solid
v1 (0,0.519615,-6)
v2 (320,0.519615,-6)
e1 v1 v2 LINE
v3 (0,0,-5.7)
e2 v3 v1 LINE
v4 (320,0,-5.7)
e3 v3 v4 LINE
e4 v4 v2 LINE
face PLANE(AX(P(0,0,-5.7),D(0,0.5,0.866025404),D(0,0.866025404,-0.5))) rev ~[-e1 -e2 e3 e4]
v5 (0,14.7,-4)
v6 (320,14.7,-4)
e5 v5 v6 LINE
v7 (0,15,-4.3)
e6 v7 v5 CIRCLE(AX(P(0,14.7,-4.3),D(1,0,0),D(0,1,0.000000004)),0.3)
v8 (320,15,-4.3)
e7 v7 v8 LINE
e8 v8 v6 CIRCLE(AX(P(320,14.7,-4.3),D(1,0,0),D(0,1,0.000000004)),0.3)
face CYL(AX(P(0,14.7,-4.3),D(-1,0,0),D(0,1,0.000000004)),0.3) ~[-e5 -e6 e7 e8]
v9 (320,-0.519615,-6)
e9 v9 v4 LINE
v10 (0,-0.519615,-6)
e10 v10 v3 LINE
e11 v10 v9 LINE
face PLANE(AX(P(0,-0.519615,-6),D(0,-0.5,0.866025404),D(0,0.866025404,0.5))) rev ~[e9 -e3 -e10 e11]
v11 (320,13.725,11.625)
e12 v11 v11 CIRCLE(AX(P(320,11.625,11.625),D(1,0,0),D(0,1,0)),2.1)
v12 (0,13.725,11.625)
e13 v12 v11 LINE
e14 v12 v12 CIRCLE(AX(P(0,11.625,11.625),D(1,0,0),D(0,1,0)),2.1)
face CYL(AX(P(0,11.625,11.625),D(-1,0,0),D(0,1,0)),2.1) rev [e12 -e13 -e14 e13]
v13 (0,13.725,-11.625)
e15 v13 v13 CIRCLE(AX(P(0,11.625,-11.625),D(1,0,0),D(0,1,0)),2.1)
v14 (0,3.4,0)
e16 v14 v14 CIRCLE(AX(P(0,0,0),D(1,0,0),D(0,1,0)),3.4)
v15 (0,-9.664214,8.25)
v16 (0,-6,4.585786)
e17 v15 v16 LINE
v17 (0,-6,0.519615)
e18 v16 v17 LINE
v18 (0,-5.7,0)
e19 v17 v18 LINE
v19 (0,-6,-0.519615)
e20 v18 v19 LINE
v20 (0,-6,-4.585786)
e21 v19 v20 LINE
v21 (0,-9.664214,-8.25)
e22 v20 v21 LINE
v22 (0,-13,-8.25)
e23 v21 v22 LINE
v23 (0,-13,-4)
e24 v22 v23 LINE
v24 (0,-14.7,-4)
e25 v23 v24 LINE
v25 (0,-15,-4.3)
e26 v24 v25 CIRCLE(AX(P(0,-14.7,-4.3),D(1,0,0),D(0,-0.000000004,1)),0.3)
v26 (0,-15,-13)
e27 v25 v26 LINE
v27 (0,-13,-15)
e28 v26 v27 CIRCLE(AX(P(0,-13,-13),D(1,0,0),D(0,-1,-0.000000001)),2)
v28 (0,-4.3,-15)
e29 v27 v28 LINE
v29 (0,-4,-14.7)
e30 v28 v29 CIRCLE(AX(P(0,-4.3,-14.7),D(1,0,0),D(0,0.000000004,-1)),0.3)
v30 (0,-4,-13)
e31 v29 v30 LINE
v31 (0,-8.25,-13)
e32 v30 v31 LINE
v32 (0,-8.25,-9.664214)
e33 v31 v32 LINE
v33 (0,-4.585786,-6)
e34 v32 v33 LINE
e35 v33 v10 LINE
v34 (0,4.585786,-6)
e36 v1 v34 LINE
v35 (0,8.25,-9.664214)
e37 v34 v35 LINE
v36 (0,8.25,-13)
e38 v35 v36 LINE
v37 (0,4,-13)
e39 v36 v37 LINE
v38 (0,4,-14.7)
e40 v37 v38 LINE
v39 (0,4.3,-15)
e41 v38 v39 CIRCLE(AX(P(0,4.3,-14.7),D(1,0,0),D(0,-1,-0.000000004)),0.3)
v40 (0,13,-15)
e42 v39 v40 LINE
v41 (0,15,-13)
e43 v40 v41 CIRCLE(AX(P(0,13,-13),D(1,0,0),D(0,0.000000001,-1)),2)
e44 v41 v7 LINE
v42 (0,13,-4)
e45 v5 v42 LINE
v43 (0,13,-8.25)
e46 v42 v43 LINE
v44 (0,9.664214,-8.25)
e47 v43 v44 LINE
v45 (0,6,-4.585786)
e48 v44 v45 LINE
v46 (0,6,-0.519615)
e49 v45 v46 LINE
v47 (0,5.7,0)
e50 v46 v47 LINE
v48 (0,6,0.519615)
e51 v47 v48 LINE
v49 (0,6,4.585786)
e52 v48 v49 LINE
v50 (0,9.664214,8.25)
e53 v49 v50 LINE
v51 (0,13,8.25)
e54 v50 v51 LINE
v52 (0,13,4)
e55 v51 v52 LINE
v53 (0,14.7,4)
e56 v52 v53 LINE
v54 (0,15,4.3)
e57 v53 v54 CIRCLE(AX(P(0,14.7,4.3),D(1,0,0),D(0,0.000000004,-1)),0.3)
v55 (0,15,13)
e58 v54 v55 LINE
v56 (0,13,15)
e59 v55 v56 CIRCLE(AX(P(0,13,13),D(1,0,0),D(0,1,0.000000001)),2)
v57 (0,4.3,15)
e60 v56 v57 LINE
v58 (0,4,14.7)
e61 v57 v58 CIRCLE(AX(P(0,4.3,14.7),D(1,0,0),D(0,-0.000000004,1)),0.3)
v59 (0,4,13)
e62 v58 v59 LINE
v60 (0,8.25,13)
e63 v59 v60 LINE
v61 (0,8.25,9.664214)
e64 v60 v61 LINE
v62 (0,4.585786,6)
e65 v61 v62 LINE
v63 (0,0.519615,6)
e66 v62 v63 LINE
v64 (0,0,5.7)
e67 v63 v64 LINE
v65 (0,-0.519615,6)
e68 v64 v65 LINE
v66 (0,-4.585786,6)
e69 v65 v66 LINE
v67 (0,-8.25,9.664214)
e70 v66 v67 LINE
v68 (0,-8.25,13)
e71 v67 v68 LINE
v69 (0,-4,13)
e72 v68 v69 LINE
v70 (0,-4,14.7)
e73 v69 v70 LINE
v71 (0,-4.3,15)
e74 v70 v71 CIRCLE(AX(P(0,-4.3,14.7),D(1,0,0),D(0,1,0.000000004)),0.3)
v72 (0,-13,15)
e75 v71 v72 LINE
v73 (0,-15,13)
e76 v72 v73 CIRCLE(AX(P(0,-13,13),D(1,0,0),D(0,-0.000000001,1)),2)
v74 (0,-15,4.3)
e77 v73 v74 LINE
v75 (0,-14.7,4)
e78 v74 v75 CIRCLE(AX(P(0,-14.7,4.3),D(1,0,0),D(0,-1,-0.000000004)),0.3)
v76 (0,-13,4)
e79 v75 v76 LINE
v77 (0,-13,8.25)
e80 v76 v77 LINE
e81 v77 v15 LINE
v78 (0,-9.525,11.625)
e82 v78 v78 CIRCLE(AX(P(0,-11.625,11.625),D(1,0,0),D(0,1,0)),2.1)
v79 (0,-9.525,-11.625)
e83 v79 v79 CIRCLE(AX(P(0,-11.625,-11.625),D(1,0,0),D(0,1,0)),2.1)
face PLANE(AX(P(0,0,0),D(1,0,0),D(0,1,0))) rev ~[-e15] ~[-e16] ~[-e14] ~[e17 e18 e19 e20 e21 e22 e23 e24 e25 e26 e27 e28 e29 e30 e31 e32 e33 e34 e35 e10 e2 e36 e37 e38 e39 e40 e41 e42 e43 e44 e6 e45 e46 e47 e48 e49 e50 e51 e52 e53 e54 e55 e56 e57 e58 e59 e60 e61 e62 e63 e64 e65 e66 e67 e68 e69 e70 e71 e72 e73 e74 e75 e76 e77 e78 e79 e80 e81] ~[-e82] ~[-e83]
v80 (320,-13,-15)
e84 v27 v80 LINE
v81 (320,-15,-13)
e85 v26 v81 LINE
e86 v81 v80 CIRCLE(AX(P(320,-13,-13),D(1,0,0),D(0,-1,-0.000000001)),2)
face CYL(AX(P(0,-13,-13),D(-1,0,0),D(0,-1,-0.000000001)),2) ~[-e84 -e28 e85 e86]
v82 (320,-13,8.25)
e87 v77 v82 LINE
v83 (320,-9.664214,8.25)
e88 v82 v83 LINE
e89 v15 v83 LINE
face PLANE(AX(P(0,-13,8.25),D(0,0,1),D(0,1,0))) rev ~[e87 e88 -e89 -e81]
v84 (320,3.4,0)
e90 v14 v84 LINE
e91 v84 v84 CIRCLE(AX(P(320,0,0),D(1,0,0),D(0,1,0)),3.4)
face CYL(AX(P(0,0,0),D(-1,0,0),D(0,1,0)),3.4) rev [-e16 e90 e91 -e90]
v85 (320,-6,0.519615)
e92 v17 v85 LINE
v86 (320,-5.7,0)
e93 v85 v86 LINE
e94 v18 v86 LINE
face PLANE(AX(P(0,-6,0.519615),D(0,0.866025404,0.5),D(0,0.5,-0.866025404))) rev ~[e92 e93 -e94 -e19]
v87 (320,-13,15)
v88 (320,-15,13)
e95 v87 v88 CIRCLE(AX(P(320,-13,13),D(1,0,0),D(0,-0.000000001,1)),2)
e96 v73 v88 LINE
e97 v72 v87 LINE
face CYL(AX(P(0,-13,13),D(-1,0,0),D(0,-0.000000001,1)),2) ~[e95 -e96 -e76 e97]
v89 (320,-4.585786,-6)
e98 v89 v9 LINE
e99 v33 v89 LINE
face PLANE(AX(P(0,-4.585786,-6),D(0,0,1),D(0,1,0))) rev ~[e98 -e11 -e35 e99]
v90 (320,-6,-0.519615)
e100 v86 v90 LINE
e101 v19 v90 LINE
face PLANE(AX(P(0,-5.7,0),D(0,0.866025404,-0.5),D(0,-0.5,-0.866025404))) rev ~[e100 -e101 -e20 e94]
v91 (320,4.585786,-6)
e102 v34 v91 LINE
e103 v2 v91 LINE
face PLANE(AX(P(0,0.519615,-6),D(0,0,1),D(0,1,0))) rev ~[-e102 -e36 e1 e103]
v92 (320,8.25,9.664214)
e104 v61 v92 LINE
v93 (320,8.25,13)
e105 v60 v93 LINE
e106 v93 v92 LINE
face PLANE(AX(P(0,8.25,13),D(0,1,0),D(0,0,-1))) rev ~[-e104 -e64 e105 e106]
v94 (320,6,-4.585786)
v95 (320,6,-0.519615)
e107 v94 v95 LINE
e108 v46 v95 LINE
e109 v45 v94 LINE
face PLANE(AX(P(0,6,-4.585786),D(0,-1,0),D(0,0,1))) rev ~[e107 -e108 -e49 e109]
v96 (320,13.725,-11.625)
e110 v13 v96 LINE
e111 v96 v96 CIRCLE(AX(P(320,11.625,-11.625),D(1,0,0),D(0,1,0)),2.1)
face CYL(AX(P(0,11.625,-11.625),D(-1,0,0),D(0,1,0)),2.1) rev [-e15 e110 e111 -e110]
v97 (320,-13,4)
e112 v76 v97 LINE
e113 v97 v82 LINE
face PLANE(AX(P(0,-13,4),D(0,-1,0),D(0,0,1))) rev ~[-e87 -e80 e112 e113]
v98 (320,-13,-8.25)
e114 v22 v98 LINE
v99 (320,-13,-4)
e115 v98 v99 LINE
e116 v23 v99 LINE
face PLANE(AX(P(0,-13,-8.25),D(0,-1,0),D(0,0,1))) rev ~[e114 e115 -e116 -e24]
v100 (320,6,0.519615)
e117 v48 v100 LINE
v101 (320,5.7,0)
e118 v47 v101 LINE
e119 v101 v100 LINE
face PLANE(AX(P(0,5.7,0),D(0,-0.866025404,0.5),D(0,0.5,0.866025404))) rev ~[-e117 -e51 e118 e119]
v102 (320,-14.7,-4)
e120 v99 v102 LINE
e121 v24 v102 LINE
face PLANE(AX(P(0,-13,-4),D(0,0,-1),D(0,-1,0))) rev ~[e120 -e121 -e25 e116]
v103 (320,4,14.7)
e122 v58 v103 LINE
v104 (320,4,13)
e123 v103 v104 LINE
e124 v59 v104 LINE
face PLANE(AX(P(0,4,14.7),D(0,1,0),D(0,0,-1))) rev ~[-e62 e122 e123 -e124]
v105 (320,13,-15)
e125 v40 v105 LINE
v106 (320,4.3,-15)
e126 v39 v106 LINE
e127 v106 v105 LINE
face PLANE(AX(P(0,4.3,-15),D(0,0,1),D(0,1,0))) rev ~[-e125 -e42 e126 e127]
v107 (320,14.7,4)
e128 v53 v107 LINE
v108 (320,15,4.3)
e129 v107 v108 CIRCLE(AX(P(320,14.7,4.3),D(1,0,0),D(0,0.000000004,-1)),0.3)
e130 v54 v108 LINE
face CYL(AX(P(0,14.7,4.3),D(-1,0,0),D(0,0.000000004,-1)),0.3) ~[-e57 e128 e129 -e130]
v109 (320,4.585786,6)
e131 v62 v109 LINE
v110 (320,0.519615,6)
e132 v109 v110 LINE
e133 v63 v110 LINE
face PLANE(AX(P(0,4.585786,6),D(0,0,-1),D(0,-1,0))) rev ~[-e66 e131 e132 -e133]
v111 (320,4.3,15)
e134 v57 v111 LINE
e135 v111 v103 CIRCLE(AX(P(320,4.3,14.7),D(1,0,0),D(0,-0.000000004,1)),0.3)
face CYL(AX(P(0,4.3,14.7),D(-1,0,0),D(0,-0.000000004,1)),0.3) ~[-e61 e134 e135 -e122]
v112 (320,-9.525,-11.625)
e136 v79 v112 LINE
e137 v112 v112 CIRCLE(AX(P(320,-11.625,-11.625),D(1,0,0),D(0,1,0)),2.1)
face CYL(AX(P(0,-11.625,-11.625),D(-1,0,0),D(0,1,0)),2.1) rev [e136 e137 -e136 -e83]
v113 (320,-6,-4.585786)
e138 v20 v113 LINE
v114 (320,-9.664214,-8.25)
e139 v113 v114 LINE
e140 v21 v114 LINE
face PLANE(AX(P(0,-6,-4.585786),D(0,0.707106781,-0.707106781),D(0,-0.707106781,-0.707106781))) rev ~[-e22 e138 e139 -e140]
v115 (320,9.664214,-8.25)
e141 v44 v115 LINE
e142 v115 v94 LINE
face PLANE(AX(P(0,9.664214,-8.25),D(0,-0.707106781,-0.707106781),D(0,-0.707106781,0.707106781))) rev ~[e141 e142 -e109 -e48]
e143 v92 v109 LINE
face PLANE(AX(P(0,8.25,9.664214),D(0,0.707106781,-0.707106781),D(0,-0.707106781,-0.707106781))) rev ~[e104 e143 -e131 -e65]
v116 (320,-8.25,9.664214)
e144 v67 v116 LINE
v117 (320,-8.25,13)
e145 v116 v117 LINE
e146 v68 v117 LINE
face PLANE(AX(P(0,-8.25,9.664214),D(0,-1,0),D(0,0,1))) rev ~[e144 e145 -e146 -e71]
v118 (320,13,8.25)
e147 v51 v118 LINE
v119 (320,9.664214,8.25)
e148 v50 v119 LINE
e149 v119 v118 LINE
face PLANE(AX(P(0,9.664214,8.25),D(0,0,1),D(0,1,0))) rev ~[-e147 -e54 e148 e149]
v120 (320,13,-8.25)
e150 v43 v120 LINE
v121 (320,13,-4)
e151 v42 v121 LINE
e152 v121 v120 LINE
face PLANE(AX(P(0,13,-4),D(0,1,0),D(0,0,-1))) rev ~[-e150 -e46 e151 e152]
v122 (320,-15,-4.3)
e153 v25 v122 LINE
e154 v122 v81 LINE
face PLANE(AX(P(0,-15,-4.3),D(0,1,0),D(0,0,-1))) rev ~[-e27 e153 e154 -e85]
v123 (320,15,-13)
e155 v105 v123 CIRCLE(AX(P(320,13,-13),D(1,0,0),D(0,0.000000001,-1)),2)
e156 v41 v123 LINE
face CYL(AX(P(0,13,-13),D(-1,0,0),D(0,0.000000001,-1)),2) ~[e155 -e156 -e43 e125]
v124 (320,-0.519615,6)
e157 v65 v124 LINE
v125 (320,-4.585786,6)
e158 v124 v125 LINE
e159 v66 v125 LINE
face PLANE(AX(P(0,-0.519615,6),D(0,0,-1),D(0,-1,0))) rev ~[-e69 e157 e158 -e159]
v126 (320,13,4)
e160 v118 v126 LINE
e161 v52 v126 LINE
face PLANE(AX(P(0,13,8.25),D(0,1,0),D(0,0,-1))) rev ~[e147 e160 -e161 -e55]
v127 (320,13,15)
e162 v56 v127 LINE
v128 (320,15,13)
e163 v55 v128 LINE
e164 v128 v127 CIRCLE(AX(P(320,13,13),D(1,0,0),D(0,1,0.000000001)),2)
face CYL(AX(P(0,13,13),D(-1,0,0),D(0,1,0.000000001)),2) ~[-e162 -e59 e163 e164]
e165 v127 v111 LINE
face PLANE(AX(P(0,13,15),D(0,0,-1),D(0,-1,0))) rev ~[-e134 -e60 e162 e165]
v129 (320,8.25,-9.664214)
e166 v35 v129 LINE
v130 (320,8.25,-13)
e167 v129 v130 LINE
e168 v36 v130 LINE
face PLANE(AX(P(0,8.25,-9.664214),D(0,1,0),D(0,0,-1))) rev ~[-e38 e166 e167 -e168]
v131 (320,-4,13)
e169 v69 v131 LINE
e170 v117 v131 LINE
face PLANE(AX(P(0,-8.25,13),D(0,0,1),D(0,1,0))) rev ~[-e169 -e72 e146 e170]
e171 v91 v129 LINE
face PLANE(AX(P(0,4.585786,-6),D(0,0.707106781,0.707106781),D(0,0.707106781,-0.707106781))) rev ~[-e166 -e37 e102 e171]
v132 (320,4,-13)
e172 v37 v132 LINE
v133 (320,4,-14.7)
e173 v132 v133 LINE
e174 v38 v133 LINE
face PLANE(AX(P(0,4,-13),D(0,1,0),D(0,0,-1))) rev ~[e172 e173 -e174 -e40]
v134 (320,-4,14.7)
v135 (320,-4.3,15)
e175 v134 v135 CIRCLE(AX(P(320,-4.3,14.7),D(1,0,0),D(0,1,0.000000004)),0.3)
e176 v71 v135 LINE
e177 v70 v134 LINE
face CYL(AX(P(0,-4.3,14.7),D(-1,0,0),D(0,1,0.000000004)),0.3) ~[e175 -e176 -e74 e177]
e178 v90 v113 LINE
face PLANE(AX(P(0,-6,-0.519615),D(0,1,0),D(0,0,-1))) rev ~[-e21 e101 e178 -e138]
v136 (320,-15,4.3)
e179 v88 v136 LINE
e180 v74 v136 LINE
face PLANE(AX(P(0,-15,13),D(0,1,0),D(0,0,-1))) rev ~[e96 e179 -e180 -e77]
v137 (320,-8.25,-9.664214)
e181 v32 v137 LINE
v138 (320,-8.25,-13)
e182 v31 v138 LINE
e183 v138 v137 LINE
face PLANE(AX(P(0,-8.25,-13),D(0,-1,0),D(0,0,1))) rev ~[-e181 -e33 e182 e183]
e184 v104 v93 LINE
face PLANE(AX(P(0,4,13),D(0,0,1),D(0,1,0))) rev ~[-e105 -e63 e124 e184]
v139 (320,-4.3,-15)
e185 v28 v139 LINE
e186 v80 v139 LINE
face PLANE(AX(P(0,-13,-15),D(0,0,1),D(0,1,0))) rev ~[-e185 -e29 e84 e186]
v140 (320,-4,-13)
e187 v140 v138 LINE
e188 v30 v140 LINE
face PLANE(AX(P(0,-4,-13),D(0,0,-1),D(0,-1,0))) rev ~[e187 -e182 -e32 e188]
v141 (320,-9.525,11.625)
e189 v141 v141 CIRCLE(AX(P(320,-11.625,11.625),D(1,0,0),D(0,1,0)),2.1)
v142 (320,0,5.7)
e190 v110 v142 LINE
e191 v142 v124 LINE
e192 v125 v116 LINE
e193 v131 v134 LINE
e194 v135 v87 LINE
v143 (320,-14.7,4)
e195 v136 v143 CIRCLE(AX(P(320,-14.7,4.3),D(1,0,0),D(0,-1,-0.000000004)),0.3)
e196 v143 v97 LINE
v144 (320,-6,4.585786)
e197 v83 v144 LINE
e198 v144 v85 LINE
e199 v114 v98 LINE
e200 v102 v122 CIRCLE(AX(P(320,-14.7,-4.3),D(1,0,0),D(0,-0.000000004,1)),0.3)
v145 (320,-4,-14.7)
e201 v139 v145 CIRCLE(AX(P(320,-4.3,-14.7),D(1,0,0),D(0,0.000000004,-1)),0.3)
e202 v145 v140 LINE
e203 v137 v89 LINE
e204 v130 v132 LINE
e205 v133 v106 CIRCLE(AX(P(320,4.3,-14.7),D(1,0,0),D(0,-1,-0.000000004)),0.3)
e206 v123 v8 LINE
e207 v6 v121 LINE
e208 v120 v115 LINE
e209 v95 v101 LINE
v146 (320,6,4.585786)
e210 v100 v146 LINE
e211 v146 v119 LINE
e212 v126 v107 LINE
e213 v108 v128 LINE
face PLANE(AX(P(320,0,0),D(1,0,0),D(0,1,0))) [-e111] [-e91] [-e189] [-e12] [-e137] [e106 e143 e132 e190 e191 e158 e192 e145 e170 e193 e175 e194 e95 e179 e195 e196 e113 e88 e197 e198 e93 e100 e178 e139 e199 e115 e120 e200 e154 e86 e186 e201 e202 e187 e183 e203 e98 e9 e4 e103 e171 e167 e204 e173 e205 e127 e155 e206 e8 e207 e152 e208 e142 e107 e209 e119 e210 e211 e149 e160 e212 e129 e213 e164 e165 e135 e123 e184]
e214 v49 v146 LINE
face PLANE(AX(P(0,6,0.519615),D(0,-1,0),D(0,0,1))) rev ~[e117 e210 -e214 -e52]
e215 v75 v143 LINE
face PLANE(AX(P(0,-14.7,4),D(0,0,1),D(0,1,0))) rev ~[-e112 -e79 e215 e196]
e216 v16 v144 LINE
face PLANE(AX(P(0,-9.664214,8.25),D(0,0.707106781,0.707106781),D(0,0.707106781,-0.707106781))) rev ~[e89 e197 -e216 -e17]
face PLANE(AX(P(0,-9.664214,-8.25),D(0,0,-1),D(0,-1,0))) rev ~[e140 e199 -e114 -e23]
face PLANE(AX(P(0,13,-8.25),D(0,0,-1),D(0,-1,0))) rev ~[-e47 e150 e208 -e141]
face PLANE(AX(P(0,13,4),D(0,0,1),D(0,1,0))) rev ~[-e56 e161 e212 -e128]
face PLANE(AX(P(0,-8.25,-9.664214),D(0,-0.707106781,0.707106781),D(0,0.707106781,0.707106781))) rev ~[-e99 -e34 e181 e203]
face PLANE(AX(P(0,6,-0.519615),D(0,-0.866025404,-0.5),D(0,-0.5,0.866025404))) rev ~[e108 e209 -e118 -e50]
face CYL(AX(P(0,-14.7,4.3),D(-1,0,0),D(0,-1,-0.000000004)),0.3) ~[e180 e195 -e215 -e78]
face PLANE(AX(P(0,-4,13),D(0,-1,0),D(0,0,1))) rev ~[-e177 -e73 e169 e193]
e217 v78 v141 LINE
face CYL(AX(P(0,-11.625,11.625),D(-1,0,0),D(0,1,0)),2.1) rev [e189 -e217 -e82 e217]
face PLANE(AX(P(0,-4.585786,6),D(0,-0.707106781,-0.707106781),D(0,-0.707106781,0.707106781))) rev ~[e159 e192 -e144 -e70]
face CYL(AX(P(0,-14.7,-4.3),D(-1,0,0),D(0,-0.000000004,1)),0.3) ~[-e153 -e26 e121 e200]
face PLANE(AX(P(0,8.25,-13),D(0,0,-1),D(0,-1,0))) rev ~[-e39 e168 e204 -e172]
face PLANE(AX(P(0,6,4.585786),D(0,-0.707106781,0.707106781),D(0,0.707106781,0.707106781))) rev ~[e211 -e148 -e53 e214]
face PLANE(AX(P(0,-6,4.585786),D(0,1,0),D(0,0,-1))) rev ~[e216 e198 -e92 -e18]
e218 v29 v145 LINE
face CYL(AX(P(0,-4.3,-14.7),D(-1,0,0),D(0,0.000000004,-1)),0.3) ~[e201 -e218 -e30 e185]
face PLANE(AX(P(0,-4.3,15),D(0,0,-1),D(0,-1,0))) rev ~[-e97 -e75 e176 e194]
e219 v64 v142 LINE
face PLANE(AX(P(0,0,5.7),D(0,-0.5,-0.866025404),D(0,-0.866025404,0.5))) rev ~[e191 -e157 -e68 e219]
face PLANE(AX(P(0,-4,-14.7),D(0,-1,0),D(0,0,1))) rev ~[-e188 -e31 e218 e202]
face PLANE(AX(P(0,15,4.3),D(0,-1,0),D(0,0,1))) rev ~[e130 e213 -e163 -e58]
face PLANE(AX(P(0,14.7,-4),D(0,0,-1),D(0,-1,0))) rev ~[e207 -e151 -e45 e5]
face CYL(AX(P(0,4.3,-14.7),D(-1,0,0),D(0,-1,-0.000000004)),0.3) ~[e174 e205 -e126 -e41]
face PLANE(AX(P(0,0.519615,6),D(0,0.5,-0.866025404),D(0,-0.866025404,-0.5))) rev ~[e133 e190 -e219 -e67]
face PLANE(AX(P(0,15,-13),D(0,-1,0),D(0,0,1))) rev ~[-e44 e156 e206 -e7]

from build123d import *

# Parameters (mm, degrees)
SKETCH_1_R              = 2.1
SKETCH_1_R_2            = 3.4
F_30XS6_30X30S6_1_DEPTH = 320


with BuildPart() as part:
    # 草图1 → 30xs6 30X30S6(1) (new body)
    with BuildSketch(Plane.YZ):
        with BuildLine():
            Line((-14.7, 4), (-13, 4))
            Line((-13, 4), (-13, 8.25))
            Line((-13, 8.25), (-9.664213562, 8.25))
            Line((-9.664213562, 8.25), (-6, 4.585786438))
            Line((-6, 4.585786438), (-6, 0.519615242))
            Line((-6, 0.519615242), (-5.7, 0))
            Line((-5.7, 0), (-6, -0.519615242))
            Line((-6, -0.519615242), (-6, -4.585786438))
            Line((-6, -4.585786438), (-9.664213562, -8.25))
            Line((-9.664213562, -8.25), (-13, -8.25))
            Line((-13, -8.25), (-13, -4))
            Line((-13, -4), (-14.7, -4))
            ThreePointArc((-14.7, -4), (-14.912132034, -4.087867966), (-15, -4.3))
            Line((-15, -4.3), (-15, -13))
            ThreePointArc((-15, -13), (-14.414213562, -14.414213562), (-13, -15))
            Line((-13, -15), (-4.3, -15))
            ThreePointArc((-4.3, -15), (-4.087867966, -14.912132034), (-4, -14.7))
            Line((-4, -14.7), (-4, -13))
            Line((-4, -13), (-8.25, -13))
            Line((-8.25, -13), (-8.25, -9.664213562))
            Line((-8.25, -9.664213562), (-4.585786438, -6))
            Line((-4.585786438, -6), (-0.519615242, -6))
            Line((-0.519615242, -6), (0, -5.7))
            Line((0, -5.7), (0.519615242, -6))
            Line((0.519615242, -6), (4.585786438, -6))
            Line((4.585786438, -6), (8.25, -9.664213562))
            Line((8.25, -9.664213562), (8.25, -13))
            Line((8.25, -13), (4, -13))
            Line((4, -13), (4, -14.7))
            ThreePointArc((4, -14.7), (4.087867966, -14.912132034), (4.3, -15))
            Line((4.3, -15), (13, -15))
            ThreePointArc((13, -15), (14.414213562, -14.414213562), (15, -13))
            Line((15, -13), (15, -4.3))
            ThreePointArc((15, -4.3), (14.912132034, -4.087867966), (14.7, -4))
            Line((14.7, -4), (13, -4))
            Line((13, -4), (13, -8.25))
            Line((13, -8.25), (9.664213562, -8.25))
            Line((9.664213562, -8.25), (6, -4.585786438))
            Line((6, -4.585786438), (6, -0.519615242))
            Line((6, -0.519615242), (5.7, 0))
            Line((5.7, 0), (6, 0.519615242))
            Line((6, 0.519615242), (6, 4.585786438))
            Line((6, 4.585786438), (9.664213562, 8.25))
            Line((9.664213562, 8.25), (13, 8.25))
            Line((13, 8.25), (13, 4))
            Line((13, 4), (14.7, 4))
            ThreePointArc((14.7, 4), (14.912132034, 4.087867966), (15, 4.3))
            Line((15, 4.3), (15, 13))
            ThreePointArc((15, 13), (14.414213562, 14.414213562), (13, 15))
            Line((13, 15), (4.3, 15))
            ThreePointArc((4.3, 15), (4.087867966, 14.912132034), (4, 14.7))
            Line((4, 14.7), (4, 13))
            Line((4, 13), (8.25, 13))
            Line((8.25, 13), (8.25, 9.664213562))
            Line((8.25, 9.664213562), (4.585786438, 6))
            Line((4.585786438, 6), (0.519615242, 6))
            Line((0.519615242, 6), (0, 5.7))
            Line((0, 5.7), (-0.519615242, 6))
            Line((-0.519615242, 6), (-4.585786438, 6))
            Line((-4.585786438, 6), (-8.25, 9.664213562))
            Line((-8.25, 9.664213562), (-8.25, 13))
            Line((-8.25, 13), (-4, 13))
            Line((-4, 13), (-4, 14.7))
            ThreePointArc((-4, 14.7), (-4.087867966, 14.912132034), (-4.3, 15))
            Line((-4.3, 15), (-13, 15))
            ThreePointArc((-13, 15), (-14.414213562, 14.414213562), (-15, 13))
            Line((-15, 13), (-15, 4.3))
            ThreePointArc((-15, 4.3), (-14.912132034, 4.087867966), (-14.7, 4))
        make_face()
        with Locations((11.625, 11.625)):
            Circle(SKETCH_1_R, mode=Mode.SUBTRACT)
        with Locations((11.625, -11.625)):
            Circle(SKETCH_1_R, mode=Mode.SUBTRACT)
        Circle(SKETCH_1_R_2, mode=Mode.SUBTRACT)
        with Locations((-11.625, -11.625)):
            Circle(SKETCH_1_R, mode=Mode.SUBTRACT)
        with Locations((-11.625, 11.625)):
            Circle(SKETCH_1_R, mode=Mode.SUBTRACT)
    extrude(amount=F_30XS6_30X30S6_1_DEPTH)


solid = part.part
